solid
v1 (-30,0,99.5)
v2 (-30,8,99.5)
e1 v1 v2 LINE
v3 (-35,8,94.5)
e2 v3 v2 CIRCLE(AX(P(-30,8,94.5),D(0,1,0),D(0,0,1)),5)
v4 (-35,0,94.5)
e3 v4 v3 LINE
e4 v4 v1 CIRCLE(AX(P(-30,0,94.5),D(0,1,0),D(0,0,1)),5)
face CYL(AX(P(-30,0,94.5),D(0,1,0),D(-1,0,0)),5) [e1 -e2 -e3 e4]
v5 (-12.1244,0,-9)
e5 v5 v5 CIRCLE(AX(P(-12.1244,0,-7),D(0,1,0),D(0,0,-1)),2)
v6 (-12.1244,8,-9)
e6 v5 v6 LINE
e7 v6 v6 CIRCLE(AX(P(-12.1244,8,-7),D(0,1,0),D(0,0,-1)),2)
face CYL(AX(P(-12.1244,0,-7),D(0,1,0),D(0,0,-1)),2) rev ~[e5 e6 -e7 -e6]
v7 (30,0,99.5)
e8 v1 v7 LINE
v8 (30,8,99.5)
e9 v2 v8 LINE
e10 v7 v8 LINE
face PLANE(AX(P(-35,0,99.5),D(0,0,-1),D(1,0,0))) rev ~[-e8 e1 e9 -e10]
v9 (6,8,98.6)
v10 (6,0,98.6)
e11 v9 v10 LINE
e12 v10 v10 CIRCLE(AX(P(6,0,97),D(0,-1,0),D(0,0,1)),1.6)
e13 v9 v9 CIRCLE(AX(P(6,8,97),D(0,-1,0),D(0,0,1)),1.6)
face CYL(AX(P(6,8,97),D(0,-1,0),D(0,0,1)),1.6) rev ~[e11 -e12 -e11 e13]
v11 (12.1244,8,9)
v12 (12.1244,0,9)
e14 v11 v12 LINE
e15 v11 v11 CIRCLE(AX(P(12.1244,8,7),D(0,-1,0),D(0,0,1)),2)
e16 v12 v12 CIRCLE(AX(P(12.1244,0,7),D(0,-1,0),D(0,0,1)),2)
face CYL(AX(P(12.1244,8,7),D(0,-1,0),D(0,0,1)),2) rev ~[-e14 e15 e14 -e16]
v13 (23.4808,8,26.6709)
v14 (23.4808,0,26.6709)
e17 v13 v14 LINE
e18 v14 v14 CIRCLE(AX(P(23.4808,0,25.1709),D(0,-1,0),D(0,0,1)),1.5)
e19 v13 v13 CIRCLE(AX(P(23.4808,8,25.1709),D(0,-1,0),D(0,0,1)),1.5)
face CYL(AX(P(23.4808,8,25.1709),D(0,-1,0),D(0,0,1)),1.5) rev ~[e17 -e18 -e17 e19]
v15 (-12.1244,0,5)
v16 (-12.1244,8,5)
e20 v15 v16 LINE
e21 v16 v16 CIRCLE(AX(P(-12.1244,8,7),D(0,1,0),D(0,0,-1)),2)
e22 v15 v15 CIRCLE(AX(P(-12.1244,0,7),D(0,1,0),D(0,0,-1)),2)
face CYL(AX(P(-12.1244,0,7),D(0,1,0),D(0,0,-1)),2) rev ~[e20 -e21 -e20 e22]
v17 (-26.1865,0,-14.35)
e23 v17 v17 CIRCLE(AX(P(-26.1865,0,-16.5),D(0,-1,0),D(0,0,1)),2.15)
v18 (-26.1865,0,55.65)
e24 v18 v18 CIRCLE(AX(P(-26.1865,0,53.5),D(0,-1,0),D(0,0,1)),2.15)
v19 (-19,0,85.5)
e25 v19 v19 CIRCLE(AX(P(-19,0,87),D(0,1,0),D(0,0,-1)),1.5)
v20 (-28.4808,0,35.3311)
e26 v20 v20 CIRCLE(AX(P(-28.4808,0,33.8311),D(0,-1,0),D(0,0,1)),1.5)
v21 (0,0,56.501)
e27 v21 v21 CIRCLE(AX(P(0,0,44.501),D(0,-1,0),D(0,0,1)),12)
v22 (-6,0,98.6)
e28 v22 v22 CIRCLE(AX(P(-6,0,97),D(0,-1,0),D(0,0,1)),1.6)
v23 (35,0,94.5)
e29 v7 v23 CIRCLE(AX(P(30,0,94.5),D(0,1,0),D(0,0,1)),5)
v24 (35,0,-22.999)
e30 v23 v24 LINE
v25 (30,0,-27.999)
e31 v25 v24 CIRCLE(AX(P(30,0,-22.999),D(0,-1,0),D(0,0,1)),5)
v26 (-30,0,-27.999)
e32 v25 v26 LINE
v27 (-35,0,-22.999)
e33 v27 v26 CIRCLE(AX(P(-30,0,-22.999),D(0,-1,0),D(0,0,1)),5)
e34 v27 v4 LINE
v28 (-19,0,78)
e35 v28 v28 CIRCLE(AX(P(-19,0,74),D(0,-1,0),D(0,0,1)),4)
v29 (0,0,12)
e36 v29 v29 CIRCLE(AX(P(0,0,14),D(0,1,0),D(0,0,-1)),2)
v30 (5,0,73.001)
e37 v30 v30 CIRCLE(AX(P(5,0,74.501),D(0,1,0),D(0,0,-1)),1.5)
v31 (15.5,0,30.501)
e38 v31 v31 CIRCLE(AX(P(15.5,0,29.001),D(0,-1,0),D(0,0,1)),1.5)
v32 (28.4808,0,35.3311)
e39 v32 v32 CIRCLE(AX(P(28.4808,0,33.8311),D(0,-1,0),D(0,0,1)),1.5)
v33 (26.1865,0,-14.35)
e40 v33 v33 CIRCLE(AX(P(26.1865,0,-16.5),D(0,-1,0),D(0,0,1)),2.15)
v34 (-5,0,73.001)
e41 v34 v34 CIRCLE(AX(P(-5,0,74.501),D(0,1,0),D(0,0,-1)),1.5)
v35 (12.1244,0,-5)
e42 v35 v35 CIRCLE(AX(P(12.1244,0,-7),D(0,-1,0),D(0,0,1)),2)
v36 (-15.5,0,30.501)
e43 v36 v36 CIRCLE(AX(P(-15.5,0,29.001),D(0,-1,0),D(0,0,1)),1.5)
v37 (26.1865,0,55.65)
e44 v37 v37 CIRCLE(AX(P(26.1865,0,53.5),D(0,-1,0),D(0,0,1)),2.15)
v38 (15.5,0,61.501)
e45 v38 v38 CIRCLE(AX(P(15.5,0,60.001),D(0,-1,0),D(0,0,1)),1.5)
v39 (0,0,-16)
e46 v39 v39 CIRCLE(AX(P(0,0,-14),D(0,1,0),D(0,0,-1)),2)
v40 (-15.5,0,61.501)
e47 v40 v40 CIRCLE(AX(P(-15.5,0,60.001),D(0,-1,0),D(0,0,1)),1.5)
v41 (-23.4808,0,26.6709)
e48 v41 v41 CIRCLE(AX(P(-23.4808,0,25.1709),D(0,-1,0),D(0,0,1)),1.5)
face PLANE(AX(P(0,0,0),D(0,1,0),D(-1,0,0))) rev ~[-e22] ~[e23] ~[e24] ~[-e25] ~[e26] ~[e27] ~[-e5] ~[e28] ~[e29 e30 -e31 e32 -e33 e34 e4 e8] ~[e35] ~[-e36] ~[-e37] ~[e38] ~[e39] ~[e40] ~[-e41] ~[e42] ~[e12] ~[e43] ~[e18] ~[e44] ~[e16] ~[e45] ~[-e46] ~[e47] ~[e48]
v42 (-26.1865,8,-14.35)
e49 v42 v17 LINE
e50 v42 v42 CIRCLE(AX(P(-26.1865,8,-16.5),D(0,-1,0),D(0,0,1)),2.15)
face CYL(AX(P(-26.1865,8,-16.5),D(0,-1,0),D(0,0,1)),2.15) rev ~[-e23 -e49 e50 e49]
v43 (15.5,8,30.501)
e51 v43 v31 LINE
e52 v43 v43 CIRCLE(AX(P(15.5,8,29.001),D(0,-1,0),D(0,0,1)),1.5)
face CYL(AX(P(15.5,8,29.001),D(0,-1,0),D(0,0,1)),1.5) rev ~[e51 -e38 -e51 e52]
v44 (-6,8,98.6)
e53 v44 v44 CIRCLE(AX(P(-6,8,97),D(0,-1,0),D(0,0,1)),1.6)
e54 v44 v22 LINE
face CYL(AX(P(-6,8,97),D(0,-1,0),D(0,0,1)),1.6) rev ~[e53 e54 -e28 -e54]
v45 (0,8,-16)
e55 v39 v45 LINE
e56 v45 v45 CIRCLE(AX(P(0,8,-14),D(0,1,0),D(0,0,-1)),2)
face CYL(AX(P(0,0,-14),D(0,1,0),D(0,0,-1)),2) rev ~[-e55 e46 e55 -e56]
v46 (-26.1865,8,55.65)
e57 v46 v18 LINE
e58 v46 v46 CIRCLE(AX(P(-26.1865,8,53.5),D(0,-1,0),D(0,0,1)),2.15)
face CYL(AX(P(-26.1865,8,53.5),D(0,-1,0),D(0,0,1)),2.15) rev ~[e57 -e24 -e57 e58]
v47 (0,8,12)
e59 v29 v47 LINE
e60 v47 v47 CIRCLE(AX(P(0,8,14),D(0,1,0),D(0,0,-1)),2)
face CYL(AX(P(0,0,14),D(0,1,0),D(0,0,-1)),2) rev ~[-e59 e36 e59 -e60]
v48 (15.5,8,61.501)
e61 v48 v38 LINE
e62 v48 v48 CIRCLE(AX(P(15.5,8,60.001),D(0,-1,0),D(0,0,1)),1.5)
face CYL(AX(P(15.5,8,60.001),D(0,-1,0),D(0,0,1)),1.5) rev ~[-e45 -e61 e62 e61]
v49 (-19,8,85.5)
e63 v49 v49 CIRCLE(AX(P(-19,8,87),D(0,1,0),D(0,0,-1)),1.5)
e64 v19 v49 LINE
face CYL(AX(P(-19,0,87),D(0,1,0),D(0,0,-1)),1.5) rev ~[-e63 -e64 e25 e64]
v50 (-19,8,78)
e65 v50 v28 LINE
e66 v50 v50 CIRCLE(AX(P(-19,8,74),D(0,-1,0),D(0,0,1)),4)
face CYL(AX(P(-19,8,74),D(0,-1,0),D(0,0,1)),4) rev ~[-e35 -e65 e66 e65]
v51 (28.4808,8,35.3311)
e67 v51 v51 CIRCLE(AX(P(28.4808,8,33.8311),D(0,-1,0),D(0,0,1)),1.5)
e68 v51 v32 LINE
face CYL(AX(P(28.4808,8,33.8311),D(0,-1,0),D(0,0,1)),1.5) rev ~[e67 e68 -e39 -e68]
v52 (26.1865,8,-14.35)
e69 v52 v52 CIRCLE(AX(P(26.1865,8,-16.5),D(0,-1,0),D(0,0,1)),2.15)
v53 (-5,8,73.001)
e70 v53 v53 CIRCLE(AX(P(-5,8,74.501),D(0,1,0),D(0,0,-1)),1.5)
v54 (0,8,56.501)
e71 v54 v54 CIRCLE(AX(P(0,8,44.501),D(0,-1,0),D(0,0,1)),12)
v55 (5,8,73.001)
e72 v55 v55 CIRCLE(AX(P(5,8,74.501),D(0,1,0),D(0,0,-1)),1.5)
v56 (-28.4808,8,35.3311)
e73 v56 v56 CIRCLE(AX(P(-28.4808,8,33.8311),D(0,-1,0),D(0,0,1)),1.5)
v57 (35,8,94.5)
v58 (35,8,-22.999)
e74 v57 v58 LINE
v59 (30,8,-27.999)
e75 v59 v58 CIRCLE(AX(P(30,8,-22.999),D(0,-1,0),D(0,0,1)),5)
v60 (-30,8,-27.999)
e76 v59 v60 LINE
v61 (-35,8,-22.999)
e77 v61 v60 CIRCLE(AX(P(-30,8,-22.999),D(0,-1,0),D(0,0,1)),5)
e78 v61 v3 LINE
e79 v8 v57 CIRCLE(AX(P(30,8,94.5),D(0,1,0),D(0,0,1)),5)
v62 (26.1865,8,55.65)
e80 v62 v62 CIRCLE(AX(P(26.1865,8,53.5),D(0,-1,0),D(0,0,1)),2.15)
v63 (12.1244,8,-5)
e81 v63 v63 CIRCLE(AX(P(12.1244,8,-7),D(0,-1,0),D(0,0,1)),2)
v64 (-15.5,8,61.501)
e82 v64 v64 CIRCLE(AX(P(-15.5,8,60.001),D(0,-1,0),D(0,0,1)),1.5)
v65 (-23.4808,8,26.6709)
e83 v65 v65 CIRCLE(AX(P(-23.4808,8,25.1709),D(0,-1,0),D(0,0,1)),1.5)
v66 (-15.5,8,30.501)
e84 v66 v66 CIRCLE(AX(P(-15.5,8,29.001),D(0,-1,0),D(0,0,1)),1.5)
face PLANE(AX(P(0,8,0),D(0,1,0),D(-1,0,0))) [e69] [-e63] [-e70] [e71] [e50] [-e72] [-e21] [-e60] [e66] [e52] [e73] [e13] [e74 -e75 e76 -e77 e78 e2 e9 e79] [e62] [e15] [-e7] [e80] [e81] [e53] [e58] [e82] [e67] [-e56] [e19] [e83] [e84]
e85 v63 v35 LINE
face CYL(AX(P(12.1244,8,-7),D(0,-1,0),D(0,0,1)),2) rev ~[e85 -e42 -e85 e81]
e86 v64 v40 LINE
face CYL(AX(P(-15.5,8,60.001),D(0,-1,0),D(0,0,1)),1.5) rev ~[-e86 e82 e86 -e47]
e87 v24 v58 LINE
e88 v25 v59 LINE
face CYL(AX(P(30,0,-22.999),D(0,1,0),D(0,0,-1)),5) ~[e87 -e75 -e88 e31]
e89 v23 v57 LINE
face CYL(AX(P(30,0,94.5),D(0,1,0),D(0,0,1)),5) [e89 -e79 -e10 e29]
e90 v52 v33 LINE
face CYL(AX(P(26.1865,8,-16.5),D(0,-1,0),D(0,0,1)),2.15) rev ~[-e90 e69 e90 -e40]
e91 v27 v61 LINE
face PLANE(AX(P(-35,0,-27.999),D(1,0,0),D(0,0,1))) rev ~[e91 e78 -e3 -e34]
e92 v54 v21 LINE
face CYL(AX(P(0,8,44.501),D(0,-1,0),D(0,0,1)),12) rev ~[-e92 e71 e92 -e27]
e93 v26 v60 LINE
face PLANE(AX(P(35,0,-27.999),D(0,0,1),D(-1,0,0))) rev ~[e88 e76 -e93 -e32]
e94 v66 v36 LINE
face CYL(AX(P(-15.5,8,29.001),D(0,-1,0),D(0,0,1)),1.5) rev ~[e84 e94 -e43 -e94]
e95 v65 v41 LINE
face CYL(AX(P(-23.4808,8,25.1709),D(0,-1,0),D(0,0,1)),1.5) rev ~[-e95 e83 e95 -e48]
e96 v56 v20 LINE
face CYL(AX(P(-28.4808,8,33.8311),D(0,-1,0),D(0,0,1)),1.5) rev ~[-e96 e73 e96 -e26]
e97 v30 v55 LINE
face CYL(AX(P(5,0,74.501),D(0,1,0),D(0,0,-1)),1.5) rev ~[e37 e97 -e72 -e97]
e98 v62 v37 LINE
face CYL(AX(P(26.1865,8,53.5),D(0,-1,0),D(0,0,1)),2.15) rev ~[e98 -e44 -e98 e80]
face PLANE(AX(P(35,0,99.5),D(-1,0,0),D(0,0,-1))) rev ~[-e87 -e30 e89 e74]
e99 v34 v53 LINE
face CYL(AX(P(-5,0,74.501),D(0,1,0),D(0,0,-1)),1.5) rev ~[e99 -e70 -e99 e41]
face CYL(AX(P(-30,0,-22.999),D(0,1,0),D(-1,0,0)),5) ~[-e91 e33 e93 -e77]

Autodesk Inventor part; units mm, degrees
ref_plane "YZ Plane" through (0, 0, 0) normal (1, 0, 0) x (0, 1, 0)
ref_plane "XZ Plane" through (0, 0, 0) normal (0, 1, 0) x (-1, 0, 0)
ref_plane "XY Plane" through (0, 0, 0) normal (0, 0, 1) x (1, 0, 0)
sketch "Sketch1" plane through (0, 0, 0) normal (0, 1, 0) x (-1, 0, 0)
  line L0 (35, 99.5) -> (-35, 99.5)
  line L1 (-35, 99.5) -> (-35, -27.999)
  line L2 (-35, -27.999) -> (35, -27.999)
  line L3 (35, -27.999) -> (35, 99.5)
  line L4 (26.1865, 53.5) -> (-26.1865, 53.5) construction
  line L5 (-26.1865, 53.5) -> (-26.1865, -16.5) construction
  line L6 (-26.1865, -16.5) -> (26.1865, -16.5) construction
  line L7 (26.1865, -16.5) -> (26.1865, 53.5) construction
  circle A0 centre (26.1865, 53.5) radius 4 construction
  circle A1 centre (-26.1865, 53.5) radius 4 construction
  circle A2 centre (-26.1865, -16.5) radius 4 construction
  circle A3 centre (26.1865, -16.5) radius 4 construction
  circle A4 centre (0, 40) radius 15 construction
  line L8 (20.5, 20.5) -> (-20.5, 20.5) construction
  line L9 (-20.5, 20.5) -> (-20.5, -20.5) construction
  line L10 (-20.5, -20.5) -> (20.5, -20.5) construction
  line L11 (20.5, -20.5) -> (20.5, 20.5) construction
  point P0 (0, 0)
  dimension "d57" = 127.499
  dimension "d58" = 70
  dimension "d59" = 8
  dimension "d60" = 8
  dimension "d61" = 8
  dimension "d62" = 8
  dimension "d63" = 70
  dimension "d64" = 52.373
  dimension "d66" = 8.8135
  dimension "d67" = 46
  dimension "d70" = 30
  dimension "d71" = 41
  dimension "d72" = 41
  dimension "d73" = 20.5
  dimension "d74" = 20.5
  dimension "d75" = 40
  dimension "d76" = 35
  dimension "d210" = 16.5
extrude "Extrusion1" add sketch "Sketch1" along normal blind 8
sketch "Sketch7" plane through (0, 8, 0) normal (0, 1, 0) x (1, 0, 0)
  circle A0 centre (0, -44.501) radius 12
  line L0 (35, 27.999) -> (-35, 27.999) projected
  line L1 (-35, 27.999) -> (-35, -99.5) projected
  dimension "d77" = 24
  dimension "d205" = 72.5
  dimension "d206" = 35
hole "MotormainHole5" at (0, 8, 44.501) direction (0, -1, 0) diameter 24 end through all
sketch "Sketch8" plane through (0, 8, 0) normal (0, 1, 0) x (1, 0, 0)
  line L0 (15.5, -60.001) -> (-15.5, -60.001) construction
  line L1 (-15.5, -60.001) -> (-15.5, -29.001) construction
  line L2 (-15.5, -29.001) -> (15.5, -29.001) construction
  line L3 (15.5, -29.001) -> (15.5, -60.001) construction
  circle A0 centre (15.5, -60.001) radius 1.5
  circle A1 centre (-15.5, -60.001) radius 1.5
  circle A2 centre (-15.5, -29.001) radius 1.5
  circle A3 centre (15.5, -29.001) radius 1.5
  circle A4 centre (0, -44.501) radius 12 projected
  point P0 (0, 0)
  dimension "d85" = 3
  dimension "d86" = 31
  dimension "d87" = 31
  dimension "d88" = 15.5
  dimension "d215" = 15.5
hole "MotorHole6" at (15.5, 8, 60.001) at (-15.5, 8, 60.001) at (-15.5, 8, 29.001) at (15.5, 8, 29.001) direction (0, -1, 0) diameter 3 end through all
sketch "Sketch9" plane through (0, 0, 0) normal (0, -1, 0) x (1, 0, 0)
  circle A0 centre (-5, 74.501) radius 1.5
  circle A1 centre (5, 74.501) radius 1.5
  line L0 (-35, -27.999) -> (-35, 99.5) projected
  line L1 (35, 99.5) -> (35, -27.999) projected
  circle A2 centre (0, 44.501) radius 12 projected
  point P0 (0, 0)
  dimension "d97" = 3
  dimension "d186" = 30
  dimension "d187" = 30
  dimension "d207" = 30
hole "GrippersupportHole7" at (-5, 0, 74.501) at (5, 0, 74.501) direction (0, 1, 0) diameter 3 end through all
sketch "Sketch10" plane through (0, 8, 0) normal (0, 1, 0) x (1, 0, 0)
  line L0 (26.1865, -53.5) -> (-26.1865, -53.5) construction
  line L1 (-26.1865, -53.5) -> (-26.1865, 16.5) construction
  line L2 (-26.1865, 16.5) -> (26.1865, 16.5) construction
  line L3 (26.1865, 16.5) -> (26.1865, -53.5) construction
  circle A0 centre (26.1865, -53.5) radius 2.15
  circle A1 centre (-26.1865, -53.5) radius 2.15
  circle A2 centre (-26.1865, 16.5) radius 2.15
  circle A3 centre (26.1865, 16.5) radius 2.15
  line L4 (35, -99.5) -> (35, 27.999) projected
  line L5 (-35, -99.5) -> (35, -99.5) projected
  point P0 (0, 0)
  dimension "d111" = 4.3
  dimension "d112" = 8.8135
  dimension "d113" = 52.373
  dimension "d114" = 46
  dimension "d115" = 70
hole "supportHole8" at (26.1865, 8, 53.5) at (-26.1865, 8, 53.5) at (26.1865, 8, -16.5) at (-26.1865, 8, -16.5) direction (0, -1, 0) diameter 4.3 end through all
sketch "Sketch11" plane through (0, 0, 0) normal (0, -1, 0) x (1, 0, 0)
  circle A0 centre (0, 0) radius 14 construction
  circle A1 centre (-26.1865, 53.5) radius 2.15 projected
  circle A2 centre (26.1865, 53.5) radius 2.15 projected
  circle A3 centre (0, 14) radius 2
  circle A4 centre (-12.1244, 7) radius 2
  circle A5 centre (-12.1244, -7) radius 2
  circle A6 centre (0, -14) radius 2
  line L0 (35, -27.999) -> (-35, -27.999) projected
  circle A7 centre (-26.1865, -16.5) radius 2.15 projected
  circle A8 centre (26.1865, -16.5) radius 2.15 projected
  circle A9 centre (12.1244, -7) radius 2
  circle A10 centre (12.1244, 7) radius 2
  point P0 (0, 0)
  dimension "d125" = 28
  dimension "d126" = 4
  dimension "d129" = 360
  dimension "d213" = 16.5
  dimension "d214" = 0
hole "ScrewHole9" at (0, 0, 14) at (0, 0, -14) at (-12.1244, 0, -7) at (-12.1244, 0, 7) direction (0, 1, 0) diameter 4 end through all
fillet "MainFillet1" radius 5 4 edges at (-35, 4, 99.5) (35, 4, 99.5) (35, 4, -27.999) (-35, 4, -27.999)
sketch "Sketch12" plane through (0, 8, 0) normal (0, 1, 0) x (1, 0, 0)
  circle A0 centre (-19, -74) radius 4
  point P0 (0, 0)
  dimension "d139" = 8
  dimension "d140" = 19
  dimension "d141" = 74
hole "Wirehole" at (-19, 8, 74) direction (0, -1, 0) diameter 8 end through all
sketch "Sketch13" plane through (0, 0, 0) normal (0, -1, 0) x (1, 0, 0)
  circle A0 centre (-19, 87) radius 1.5
  circle A1 centre (-19, 74) radius 4 projected
  line L0 (-19, 74) -> (-19, 90.0353) construction
  line L1 (-19, 74) -> (-19, 87) construction
  point P0 (0, 0)
  dimension "d149" = 3
  dimension "d211" = 13
  dimension "d212" = 0
hole "Hole11" at (-19, 0, 87) direction (0, 1, 0) diameter 3 end through all
sketch "Sketch16" plane through (0, 8, 0) normal (0, 1, 0) x (1, 0, 0)
  circle A0 centre (-6, -97) radius 1.6
  circle A1 centre (6, -97) radius 1.6
  line L0 (-30, -99.5) -> (30, -99.5) projected
  circle A2 centre (-26.1865, -53.5) radius 2.15 projected
  point P0 (0, 0)
  point P1 (-20, -99.5)
  dimension "d173" = 3.2
  dimension "d174" = 12
  dimension "d175" = 6
  dimension "d216" = 43.5
hole "chainHole13" at (-6, 8, 97) at (6, 8, 97) direction (0, -1, 0) diameter 3.2 end through all
sketch "Sketch17" plane through (0, 8, 0) normal (0, 1, 0) x (1, 0, 0)
  circle A0 centre (-5, -74.501) radius 1.5
  circle A1 centre (5, -74.501) radius 1.5
  circle A2 centre (-5, -74.501) radius 1.5 projected
  circle A3 centre (5, -74.501) radius 1.5 projected
  circle A4 centre (28.4808, -33.8311) radius 1.5
  circle A5 centre (23.4808, -25.1709) radius 1.5
  circle A6 centre (-23.4808, -25.1709) radius 1.5
  circle A7 centre (-28.4808, -33.8311) radius 1.5
  circle A8 centre (0, -44.501) radius 12 projected
  dimension "d188" = 0
  dimension "d189" = 0
  dimension "d190" = 3
  dimension "d193" = 360
  dimension "d208" = 0
  dimension "d209" = 0
hole "Grippersupport2Hole14" at (23.4808, 8, 25.1709) at (28.4808, 8, 33.8311) at (-28.4808, 8, 33.8311) at (-23.4808, 8, 25.1709) direction (0, -1, 0) diameter 3 end through all
sketch "Sketch18" plane through (0, 8, 0) normal (0, 1, 0) x (1, 0, 0)
  circle A0 centre (0, 0) radius 14
  line L0 (0, 0) -> (16.8596, -9.7339)
  line L1 (0, 0) -> (20.1281, 11.6209)
  line L2 (0, 0) -> (0, -20)
  point P0 (12.1244, 7)
  point P1 (12.1244, -7)
  dimension "d217" = 28
  dimension "d218" = 20
  dimension "d219" = 60
  dimension "d220" = 120
hole "Hole15" at (12.1244, 8, 7) at (12.1244, 8, -7) direction (0, -1, 0) diameter 4 end through all
equation "\"d66\" = -0.5 * d64 + 0.5 * d58"
equation "\"d73\" = 0.5 * d71"
equation "\"d74\" = 0.5 * d72"
equation "\"d76\" = 0.5 * d58"
equation "\"d78\" = d77"
equation "\"d88\" = 0.5 * d86"
equation "\"d90\" = d85"
equation "\"d101\" = d97"
equation "\"d112\" = d66"
equation "\"d113\" = d64"
equation "\"d114\" = d67"
equation "\"d115\" = d63"
equation "\"d116\" = d111"
equation "\"d142\" = d139"
equation "\"d175\" = 0.5 * d174"
equation "\"d177\" = d173"
equation "\"d195\" = d190"
properties part number "Gripper_Base_new" material "PET Plastic"
